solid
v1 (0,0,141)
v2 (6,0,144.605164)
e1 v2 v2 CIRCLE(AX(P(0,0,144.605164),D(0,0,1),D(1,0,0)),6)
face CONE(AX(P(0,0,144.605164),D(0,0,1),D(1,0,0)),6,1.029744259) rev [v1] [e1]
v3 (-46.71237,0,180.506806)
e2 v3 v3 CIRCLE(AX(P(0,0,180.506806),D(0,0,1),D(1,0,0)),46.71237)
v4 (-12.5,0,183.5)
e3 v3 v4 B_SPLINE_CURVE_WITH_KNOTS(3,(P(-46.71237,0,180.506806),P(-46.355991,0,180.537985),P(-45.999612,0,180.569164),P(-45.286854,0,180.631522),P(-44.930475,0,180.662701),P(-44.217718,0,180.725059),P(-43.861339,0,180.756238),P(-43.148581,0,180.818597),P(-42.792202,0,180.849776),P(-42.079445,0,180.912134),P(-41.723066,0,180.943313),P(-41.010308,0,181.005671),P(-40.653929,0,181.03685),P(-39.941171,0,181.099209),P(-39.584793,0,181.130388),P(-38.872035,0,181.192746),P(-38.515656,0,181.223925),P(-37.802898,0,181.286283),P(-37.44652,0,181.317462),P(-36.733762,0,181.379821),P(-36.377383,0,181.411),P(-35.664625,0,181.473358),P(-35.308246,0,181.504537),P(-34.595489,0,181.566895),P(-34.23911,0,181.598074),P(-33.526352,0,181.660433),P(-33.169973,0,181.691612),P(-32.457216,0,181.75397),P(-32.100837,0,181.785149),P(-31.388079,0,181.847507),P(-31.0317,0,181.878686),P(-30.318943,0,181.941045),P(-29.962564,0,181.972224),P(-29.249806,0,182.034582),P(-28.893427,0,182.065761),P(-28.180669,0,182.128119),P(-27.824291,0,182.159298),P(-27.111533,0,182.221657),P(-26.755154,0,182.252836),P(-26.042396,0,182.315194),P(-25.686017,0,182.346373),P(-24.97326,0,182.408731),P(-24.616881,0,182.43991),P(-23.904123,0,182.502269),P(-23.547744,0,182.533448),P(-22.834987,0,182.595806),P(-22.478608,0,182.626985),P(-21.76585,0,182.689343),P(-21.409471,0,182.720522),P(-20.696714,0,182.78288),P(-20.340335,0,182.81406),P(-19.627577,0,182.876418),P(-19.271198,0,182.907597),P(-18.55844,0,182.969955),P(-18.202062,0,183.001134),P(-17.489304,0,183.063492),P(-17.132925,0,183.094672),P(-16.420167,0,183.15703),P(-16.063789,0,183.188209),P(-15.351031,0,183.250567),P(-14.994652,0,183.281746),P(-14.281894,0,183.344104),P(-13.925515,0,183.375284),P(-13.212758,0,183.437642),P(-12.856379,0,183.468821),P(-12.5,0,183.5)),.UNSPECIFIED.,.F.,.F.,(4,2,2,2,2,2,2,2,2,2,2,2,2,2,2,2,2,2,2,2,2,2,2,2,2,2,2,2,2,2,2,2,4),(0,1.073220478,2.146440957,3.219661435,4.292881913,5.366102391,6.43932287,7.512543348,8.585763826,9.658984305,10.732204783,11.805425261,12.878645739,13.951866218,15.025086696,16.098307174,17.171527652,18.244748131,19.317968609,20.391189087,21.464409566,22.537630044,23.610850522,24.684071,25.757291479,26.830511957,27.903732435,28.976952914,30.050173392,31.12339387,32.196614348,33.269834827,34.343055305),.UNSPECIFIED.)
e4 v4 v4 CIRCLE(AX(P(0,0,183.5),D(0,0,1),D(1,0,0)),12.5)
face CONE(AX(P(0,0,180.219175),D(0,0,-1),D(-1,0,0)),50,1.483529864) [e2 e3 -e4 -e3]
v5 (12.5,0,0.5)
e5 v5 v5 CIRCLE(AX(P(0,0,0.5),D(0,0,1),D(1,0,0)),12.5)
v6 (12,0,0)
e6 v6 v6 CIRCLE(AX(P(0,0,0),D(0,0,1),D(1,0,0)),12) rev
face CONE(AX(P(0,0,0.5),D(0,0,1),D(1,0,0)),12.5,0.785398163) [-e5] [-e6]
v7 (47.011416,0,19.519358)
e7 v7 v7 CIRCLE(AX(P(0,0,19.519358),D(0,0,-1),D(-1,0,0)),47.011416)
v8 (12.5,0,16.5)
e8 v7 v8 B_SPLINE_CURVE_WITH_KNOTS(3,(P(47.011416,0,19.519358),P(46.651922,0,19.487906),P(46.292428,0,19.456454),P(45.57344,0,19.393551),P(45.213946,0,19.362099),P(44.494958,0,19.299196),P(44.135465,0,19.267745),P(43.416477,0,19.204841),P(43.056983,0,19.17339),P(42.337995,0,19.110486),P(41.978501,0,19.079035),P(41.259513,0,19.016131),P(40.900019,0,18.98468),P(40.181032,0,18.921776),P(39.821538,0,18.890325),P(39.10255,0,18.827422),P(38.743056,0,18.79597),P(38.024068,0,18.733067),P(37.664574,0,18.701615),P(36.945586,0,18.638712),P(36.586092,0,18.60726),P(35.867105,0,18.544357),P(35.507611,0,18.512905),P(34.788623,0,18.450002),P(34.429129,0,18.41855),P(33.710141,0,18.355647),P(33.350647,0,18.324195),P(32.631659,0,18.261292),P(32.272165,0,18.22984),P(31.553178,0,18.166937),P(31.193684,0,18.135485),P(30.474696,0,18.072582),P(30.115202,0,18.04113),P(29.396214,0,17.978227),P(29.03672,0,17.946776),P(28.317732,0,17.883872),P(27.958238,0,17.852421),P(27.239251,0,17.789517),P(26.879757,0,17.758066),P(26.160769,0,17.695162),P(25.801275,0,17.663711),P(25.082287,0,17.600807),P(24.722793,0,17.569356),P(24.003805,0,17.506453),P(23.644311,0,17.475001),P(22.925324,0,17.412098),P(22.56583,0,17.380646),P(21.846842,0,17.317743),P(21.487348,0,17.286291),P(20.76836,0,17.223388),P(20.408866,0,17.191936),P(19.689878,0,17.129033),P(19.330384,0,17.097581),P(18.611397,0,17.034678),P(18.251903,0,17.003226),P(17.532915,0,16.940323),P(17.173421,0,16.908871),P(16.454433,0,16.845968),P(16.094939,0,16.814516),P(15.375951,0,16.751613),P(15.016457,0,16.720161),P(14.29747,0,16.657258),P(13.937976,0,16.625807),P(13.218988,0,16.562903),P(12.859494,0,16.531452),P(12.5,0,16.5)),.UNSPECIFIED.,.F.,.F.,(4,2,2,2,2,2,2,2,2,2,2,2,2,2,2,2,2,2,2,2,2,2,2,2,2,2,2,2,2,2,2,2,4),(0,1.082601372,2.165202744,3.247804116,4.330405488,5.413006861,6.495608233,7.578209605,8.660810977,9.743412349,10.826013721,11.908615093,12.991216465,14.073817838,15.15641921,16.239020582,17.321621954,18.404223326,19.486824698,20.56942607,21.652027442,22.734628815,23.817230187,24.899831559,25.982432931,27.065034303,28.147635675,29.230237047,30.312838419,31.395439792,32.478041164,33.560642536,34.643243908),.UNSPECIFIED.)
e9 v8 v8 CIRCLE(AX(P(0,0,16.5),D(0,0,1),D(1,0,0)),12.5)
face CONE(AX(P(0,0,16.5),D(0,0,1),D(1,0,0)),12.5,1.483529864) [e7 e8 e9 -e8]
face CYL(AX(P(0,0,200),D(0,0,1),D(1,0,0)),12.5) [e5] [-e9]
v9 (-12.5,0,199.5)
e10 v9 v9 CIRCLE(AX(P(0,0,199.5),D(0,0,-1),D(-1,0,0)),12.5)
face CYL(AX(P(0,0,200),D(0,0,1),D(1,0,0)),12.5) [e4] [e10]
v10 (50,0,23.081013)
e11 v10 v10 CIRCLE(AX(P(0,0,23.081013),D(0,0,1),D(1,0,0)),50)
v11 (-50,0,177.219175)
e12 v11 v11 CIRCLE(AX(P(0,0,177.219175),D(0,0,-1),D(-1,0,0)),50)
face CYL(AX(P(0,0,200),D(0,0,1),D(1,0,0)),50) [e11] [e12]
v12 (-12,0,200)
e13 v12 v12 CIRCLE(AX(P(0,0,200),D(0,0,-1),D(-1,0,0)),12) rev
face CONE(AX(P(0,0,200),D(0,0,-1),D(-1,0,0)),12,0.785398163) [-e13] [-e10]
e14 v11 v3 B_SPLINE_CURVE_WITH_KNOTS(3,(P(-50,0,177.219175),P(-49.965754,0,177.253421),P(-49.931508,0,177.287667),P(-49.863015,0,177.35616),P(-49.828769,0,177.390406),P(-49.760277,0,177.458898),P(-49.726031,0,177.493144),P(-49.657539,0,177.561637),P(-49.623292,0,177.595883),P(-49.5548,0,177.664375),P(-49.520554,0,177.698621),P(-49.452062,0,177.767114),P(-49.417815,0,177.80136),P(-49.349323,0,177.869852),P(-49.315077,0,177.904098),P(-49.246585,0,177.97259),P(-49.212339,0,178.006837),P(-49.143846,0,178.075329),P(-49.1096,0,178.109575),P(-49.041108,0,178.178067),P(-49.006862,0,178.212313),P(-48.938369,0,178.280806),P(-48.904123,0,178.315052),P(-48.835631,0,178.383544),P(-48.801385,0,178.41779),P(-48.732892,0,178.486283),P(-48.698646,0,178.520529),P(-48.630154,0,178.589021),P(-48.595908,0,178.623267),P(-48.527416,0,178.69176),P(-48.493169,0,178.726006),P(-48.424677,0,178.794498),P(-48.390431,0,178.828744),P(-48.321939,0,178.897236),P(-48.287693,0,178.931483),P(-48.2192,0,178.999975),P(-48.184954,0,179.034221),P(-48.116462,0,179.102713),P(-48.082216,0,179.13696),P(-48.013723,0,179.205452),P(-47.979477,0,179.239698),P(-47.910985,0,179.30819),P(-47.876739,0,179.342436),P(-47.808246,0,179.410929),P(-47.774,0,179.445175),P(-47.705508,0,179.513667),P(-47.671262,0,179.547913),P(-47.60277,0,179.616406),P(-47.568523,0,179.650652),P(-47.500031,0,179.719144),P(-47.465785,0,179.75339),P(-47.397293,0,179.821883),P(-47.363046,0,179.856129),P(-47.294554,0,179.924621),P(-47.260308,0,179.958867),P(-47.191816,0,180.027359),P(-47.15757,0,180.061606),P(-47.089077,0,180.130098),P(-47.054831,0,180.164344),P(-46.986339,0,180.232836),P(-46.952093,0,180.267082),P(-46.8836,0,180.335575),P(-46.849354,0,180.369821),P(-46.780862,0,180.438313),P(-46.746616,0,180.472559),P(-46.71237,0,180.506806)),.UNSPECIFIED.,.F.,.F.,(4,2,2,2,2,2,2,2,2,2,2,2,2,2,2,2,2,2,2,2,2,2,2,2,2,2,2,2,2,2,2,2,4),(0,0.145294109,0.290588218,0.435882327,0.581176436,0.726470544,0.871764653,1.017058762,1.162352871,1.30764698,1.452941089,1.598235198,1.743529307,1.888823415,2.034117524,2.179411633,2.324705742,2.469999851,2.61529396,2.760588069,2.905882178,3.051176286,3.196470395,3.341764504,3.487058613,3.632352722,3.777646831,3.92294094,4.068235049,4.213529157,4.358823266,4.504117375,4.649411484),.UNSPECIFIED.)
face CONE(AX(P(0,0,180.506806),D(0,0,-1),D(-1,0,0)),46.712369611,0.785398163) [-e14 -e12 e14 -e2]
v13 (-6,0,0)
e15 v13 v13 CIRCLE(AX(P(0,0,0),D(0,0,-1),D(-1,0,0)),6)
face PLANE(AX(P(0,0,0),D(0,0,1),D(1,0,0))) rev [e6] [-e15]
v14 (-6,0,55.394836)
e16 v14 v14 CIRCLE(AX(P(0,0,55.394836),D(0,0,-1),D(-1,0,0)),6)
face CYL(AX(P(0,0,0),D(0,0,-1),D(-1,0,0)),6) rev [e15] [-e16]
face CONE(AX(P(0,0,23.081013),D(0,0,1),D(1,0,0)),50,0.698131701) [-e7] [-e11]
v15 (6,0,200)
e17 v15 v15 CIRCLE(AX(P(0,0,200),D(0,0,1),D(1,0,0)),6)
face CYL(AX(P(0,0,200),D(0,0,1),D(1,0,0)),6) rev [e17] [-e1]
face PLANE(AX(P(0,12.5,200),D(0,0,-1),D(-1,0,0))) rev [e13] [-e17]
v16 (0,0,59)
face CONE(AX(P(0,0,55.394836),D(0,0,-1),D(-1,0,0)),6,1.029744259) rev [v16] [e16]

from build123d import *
from OCP.BRepFilletAPI import BRepFilletAPI_MakeChamfer

# Parameters (mm, degrees)
CHAFL_N1_SIZE                     = 3
CHAFL_N1_SIZE2                    = 3.300188603
TALADRO_DE_MARGEN_PARA_M101_D     = 12
TALADRO_DE_MARGEN_PARA_M101_DEPTH = 55.394836286
TALADRO_DE_MARGEN_PARA_M101_TIP   = 3.605163714
TALADRO_DE_MARGEN_PARA_M102_D     = 12
TALADRO_DE_MARGEN_PARA_M102_DEPTH = 55.394836286
TALADRO_DE_MARGEN_PARA_M102_TIP   = 3.605163714
CHAFL_N2_SIZE                     = 0.5


with BuildPart() as part:
    # Croquis1 → Revolución2 (revolve)
    with BuildSketch(Plane(origin=(0, 0, 0), x_dir=(0, 0, -1), z_dir=(1, 0, 0)), mode=Mode.PRIVATE) as revoluci_n2_sk:
        Polygon((0, 0), (0, 12.5), (-16.5, 12.5), (-19.780824882, 50), (-180.219175118, 50), (-183.5, 12.5), (-200, 12.5), (-200, 0), align=None)
    revolve(revoluci_n2_sk.sketch.rotate(Axis((0, 0, 200), (0, 0, -1)), 90), axis=Axis((0, 0, 200), (0, 0, -1)))

    # Chaflán1: one chamfer whose edges measure the first distance from different faces: ONE call of the kernel's chamfer builder (chamfer() names one face for all edges)
    chafl_n1_edges_1 = [part.edges().sort_by_distance(p)[0] for p in [
        (-50, 0, 180.219175118),
    ]]
    chafl_n1_side_1 = [part.faces().sort_by_distance(p)[0] for p in [
        (-50, 0, 100),
    ]]
    chafl_n1_edges_2 = [part.edges().sort_by_distance(p)[0] for p in [
        (-50, 0, 19.780824882),
    ]]
    chafl_n1_side_2 = [part.faces().sort_by_distance(p)[0] for p in [
        (-31.25, 0, 18.140412441),
    ]]
    chafl_n1 = BRepFilletAPI_MakeChamfer(part.part.solid().wrapped)
    for e in chafl_n1_edges_1:
        chafl_n1.Add(CHAFL_N1_SIZE, CHAFL_N1_SIZE2, e.wrapped, chafl_n1_side_1[0].wrapped)  # the first distance lies on this face
    for e in chafl_n1_edges_2:
        chafl_n1.Add(CHAFL_N1_SIZE, CHAFL_N1_SIZE2, e.wrapped, chafl_n1_side_2[0].wrapped)  # the first distance lies on this face
    add(Compound.cast(chafl_n1.Shape()), mode=Mode.REPLACE)

    # Taladro de margen para M101
    with Locations(Plane(origin=(0, 0, 0), x_dir=(-1, 0, 0), z_dir=(0, 0, -1))):
        with Locations((0, 0)):
            Hole(TALADRO_DE_MARGEN_PARA_M101_D / 2, depth=TALADRO_DE_MARGEN_PARA_M101_DEPTH)
            with Locations((0, 0, -(TALADRO_DE_MARGEN_PARA_M101_DEPTH + TALADRO_DE_MARGEN_PARA_M101_TIP / 2))):  # 118° drill point
                Cone(0, TALADRO_DE_MARGEN_PARA_M101_D / 2, TALADRO_DE_MARGEN_PARA_M101_TIP, mode=Mode.SUBTRACT)

    # Taladro de margen para M102
    with Locations(Plane.XY.offset(200)):
        with Locations((0, 0)):
            Hole(TALADRO_DE_MARGEN_PARA_M102_D / 2, depth=TALADRO_DE_MARGEN_PARA_M102_DEPTH)
            with Locations((0, 0, -(TALADRO_DE_MARGEN_PARA_M102_DEPTH + TALADRO_DE_MARGEN_PARA_M102_TIP / 2))):  # 118° drill point
                Cone(0, TALADRO_DE_MARGEN_PARA_M102_D / 2, TALADRO_DE_MARGEN_PARA_M102_TIP, mode=Mode.SUBTRACT)

    # Chaflán2
    chafl_n2_edges = [part.edges().sort_by_distance(p)[0] for p in [
        (-12.5, 0, 200),
        (-12.5, 0, 0),
    ]]
    chamfer(chafl_n2_edges, length=CHAFL_N2_SIZE)


solid = part.part
